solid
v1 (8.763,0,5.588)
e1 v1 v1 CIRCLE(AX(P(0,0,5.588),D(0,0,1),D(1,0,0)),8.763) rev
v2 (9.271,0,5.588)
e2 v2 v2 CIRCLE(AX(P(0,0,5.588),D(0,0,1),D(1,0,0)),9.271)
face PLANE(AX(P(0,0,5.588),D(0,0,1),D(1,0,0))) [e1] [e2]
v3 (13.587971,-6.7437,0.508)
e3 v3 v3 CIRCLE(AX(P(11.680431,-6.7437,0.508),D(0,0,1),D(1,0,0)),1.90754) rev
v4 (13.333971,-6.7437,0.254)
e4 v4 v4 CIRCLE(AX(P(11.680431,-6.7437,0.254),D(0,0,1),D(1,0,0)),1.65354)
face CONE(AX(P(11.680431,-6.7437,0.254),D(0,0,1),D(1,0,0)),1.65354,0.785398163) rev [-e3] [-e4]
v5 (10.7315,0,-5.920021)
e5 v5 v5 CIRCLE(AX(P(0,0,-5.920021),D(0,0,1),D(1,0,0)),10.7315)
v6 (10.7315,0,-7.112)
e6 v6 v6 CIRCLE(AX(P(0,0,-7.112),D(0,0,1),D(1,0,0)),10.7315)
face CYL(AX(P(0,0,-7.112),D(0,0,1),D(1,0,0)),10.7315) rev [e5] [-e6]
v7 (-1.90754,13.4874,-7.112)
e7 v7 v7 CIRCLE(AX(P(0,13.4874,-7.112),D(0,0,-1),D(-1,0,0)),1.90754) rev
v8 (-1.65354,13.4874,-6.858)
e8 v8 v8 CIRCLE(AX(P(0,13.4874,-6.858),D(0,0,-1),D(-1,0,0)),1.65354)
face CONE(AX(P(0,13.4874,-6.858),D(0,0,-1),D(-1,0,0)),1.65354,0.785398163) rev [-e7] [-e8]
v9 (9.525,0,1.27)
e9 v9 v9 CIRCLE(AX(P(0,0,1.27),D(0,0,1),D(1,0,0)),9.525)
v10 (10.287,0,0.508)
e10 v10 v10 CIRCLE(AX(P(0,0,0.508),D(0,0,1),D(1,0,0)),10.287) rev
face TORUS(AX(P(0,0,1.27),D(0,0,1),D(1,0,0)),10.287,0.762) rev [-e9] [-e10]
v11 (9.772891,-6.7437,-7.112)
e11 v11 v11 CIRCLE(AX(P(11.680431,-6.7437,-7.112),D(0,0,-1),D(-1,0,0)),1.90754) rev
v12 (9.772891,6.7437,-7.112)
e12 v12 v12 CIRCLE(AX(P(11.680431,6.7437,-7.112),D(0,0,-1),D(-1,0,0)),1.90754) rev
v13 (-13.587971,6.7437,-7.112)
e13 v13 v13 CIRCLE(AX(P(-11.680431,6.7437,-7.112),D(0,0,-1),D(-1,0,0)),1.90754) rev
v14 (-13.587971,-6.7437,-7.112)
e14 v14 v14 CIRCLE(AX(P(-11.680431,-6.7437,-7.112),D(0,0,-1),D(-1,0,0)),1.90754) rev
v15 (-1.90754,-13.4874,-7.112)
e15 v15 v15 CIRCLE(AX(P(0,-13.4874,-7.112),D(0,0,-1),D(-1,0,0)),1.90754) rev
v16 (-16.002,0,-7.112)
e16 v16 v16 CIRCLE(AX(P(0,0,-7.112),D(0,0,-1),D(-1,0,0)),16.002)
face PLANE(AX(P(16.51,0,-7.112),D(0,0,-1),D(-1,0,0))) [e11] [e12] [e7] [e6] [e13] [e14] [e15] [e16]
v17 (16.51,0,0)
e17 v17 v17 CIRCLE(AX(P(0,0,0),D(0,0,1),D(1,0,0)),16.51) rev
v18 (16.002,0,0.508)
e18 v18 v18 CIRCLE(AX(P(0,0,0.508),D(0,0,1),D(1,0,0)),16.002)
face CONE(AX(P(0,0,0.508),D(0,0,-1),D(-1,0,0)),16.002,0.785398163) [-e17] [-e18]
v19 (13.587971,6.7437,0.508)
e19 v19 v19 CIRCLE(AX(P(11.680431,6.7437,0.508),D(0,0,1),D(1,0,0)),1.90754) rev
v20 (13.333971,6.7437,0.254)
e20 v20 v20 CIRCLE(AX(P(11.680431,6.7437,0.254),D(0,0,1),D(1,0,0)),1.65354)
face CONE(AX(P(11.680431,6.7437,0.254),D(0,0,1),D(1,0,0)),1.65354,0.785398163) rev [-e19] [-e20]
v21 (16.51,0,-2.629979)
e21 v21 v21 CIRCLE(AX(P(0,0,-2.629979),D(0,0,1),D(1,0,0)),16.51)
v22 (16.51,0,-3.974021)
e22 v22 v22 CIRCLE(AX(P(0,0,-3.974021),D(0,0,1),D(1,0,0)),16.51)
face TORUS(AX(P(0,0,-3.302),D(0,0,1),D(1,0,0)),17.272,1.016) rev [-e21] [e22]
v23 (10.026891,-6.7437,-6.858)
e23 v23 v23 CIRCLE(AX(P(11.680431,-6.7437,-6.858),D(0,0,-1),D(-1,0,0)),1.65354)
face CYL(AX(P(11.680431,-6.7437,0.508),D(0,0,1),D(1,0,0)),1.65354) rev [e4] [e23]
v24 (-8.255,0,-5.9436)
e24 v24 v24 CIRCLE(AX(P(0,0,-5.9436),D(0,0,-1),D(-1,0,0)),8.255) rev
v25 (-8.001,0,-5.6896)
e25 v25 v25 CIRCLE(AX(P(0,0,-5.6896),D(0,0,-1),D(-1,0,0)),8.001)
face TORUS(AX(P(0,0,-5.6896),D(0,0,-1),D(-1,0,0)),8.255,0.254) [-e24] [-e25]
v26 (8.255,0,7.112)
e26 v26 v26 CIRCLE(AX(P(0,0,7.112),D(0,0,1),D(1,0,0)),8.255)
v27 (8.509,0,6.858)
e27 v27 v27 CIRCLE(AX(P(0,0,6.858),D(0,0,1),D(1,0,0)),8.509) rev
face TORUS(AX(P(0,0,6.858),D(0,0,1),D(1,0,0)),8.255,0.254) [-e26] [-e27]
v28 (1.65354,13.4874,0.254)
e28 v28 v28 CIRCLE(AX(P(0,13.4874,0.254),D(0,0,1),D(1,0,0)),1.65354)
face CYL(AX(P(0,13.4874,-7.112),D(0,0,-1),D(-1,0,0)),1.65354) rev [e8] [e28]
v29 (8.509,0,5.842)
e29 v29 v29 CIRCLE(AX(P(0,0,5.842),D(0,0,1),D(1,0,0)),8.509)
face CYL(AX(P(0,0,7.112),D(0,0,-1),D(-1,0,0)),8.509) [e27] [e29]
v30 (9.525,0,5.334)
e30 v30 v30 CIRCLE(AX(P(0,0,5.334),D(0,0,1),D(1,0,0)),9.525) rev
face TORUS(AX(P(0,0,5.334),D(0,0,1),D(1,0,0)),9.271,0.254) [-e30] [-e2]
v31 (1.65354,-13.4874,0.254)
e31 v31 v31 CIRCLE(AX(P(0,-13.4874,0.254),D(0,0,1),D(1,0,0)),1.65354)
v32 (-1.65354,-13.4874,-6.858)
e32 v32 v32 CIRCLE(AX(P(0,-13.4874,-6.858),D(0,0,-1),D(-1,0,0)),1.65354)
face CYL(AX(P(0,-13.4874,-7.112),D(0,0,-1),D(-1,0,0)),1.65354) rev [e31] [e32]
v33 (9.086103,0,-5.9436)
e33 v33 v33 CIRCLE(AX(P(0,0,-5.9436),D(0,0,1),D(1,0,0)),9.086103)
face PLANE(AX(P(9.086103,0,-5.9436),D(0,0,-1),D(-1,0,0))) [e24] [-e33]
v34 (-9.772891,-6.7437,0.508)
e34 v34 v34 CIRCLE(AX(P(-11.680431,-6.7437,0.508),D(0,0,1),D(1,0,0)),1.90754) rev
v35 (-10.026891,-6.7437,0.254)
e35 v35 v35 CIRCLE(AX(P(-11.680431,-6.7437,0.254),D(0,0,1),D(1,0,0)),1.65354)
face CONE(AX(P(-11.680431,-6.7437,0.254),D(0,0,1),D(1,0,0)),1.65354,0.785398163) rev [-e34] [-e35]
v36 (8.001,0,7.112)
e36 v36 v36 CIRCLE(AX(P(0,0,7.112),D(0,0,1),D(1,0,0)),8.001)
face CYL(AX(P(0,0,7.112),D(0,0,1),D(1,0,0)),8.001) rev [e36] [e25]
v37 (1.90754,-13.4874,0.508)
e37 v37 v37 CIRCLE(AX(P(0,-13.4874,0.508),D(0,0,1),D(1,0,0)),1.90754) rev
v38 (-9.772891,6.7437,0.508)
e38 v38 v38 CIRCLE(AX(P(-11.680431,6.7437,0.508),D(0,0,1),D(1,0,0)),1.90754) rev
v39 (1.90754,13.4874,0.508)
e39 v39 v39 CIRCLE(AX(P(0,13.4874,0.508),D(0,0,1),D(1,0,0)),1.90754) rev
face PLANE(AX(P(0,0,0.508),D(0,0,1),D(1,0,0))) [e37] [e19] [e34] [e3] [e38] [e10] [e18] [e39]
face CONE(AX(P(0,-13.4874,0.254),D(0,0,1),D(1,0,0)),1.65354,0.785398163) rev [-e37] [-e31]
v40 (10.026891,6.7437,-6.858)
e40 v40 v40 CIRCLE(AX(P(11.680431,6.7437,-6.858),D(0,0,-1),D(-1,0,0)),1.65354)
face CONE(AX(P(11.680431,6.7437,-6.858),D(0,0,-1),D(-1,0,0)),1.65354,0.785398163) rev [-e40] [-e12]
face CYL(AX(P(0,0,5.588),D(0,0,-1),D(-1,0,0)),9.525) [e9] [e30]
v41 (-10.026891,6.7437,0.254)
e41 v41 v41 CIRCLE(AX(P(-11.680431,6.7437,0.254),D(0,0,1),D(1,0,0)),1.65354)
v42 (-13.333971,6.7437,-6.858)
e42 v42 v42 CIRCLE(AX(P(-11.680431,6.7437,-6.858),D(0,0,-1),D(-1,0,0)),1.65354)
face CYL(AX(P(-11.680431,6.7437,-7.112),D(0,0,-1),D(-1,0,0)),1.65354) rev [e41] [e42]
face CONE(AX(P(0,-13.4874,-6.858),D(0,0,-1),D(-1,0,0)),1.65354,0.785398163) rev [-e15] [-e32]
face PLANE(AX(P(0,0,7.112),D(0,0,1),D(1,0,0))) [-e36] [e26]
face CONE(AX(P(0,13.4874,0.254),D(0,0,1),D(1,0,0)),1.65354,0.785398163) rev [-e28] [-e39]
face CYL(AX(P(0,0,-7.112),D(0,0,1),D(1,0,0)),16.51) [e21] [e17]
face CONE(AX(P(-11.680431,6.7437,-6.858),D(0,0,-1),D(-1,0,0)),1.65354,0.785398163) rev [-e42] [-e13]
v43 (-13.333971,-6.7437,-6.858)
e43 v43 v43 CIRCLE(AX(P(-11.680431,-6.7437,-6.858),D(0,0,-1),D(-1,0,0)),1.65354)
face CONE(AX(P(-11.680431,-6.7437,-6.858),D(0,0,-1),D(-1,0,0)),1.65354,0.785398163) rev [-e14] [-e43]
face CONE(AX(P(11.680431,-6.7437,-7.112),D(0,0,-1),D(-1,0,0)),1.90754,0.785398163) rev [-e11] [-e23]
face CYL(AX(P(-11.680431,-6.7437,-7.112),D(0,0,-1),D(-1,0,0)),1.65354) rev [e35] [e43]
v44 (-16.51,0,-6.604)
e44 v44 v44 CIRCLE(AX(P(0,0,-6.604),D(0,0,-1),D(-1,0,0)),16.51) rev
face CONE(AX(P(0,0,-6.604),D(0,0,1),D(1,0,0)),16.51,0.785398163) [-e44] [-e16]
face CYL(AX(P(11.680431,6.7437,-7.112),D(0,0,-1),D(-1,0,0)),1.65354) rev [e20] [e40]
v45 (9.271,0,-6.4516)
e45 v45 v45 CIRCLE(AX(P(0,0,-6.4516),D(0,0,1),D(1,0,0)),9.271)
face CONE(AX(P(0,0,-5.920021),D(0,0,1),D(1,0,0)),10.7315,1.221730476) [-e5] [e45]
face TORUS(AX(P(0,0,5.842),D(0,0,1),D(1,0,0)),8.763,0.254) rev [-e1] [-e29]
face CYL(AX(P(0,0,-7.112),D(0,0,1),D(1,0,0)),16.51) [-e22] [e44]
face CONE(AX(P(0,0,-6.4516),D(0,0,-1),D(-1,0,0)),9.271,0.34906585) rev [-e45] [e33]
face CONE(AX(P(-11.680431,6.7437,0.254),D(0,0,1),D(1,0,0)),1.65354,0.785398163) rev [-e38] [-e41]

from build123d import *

# Parameters (mm, degrees)
SKETCH2_R                 = 9.525
BOSS_EXTRUDE1_DEPTH       = 5.08
SKETCH3_R                 = 8.509
BOSS_EXTRUDE2_DEPTH       = 1.524
HOLE1_D                   = 16.002
HOLE1_DEPTH               = 14.224
F_4_CLEARANCE_HOLE1_D     = 3.30708
F_4_CLEARANCE_HOLE2_D     = 3.30708
F_4_CLEARANCE_HOLE2_DEPTH = 14.224
CHAMFER1_SIZE             = 0.254
CHAMFER2_SIZE             = 0.508
FILLET1_R                 = 0.254
FILLET2_R                 = 0.762


with BuildPart() as part:
    # Sketch1 → Revolve1 (revolve)
    with BuildSketch(Plane(origin=(0, 0, 0), x_dir=(1, 0, 0), z_dir=(0, 1, 0))):
        with BuildLine():
            Line((9.086103121, 5.9436), (0, 5.9436))
            Line((0, 5.9436), (0, -0.508))
            Line((0, -0.508), (16.51, -0.508))
            Line((16.51, -0.508), (16.51, 2.629979167))
            ThreePointArc((16.51, 2.629979167), (16.256, 3.302), (16.51, 3.974020833))
            Line((16.51, 3.974020833), (16.51, 7.112))
            Line((16.51, 7.112), (10.7315, 7.112))
            Line((10.7315, 7.112), (10.7315, 5.920021473))
            Line((10.7315, 5.920021473), (9.271, 6.4516))
            Line((9.271, 6.4516), (9.086103121, 5.9436))
        make_face()
    revolve(axis=Axis((0, 0, -7.112), (0, 0, 1)))

    # Sketch2 → Boss-Extrude1 (add)
    with BuildSketch(Plane.XY.offset(0.508)):
        Circle(SKETCH2_R)
    extrude(amount=BOSS_EXTRUDE1_DEPTH)

    # Sketch3 → Boss-Extrude2 (add)
    with BuildSketch(Plane.XY.offset(5.588)):
        Circle(SKETCH3_R)
    extrude(amount=BOSS_EXTRUDE2_DEPTH)

    # Hole1
    with Locations(Plane.XY.offset(7.112)):
        with Locations((0, 0)):
            Hole(HOLE1_D / 2, depth=HOLE1_DEPTH)

    # #4 Clearance Hole1 (through all)
    with Locations(Plane.XY.offset(0.508)):
        with Locations((11.680431031, -6.7437)):
            Hole(F_4_CLEARANCE_HOLE1_D / 2)

    # #4 Clearance Hole2
    with Locations(Plane(origin=(0, 0, -7.112), x_dir=(-1, 0, 0), z_dir=(0, 0, -1))):
        with Locations((0, 13.4874), (11.680431031, 6.7437), (11.680431031, -6.7437), (0, -13.4874), (-11.680431031, 6.7437)):
            Hole(F_4_CLEARANCE_HOLE2_D / 2, depth=F_4_CLEARANCE_HOLE2_DEPTH)

    # Chamfer1
    chamfer1_edges = [part.edges().sort_by_distance(p)[0] for p in [
        (13.333971031, -6.7437, 0.508),
        (13.333971031, -6.7437, -7.112),
        (10.026891031, 6.7437, 0.508),
        (10.026891031, 6.7437, -7.112),
        (-1.65354, -13.4874, 0.508),
        (-1.65354, -13.4874, -7.112),
        (-13.333971031, -6.7437, 0.508),
        (-13.333971031, -6.7437, -7.112),
        (-13.333971031, 6.7437, 0.508),
        (-13.333971031, 6.7437, -7.112),
        (-1.65354, 13.4874, 0.508),
        (-1.65354, 13.4874, -7.112),
    ]]
    chamfer(chamfer1_edges, length=CHAMFER1_SIZE)

    # Chamfer2
    chamfer2_edges = [part.edges().sort_by_distance(p)[0] for p in [
        (-16.51, 0, 0.508),
        (-16.51, 0, -7.112),
    ]]
    chamfer(chamfer2_edges, length=CHAMFER2_SIZE)

    # Fillet1
    fillet1_edges = [part.edges().sort_by_distance(p)[0] for p in [
        (-9.525, 0, 5.588),
        (-8.509, 0, 5.588),
        (-8.509, 0, 7.112),
        (8.001, 0, -5.9436),
    ]]
    fillet(fillet1_edges, radius=FILLET1_R)

    # Fillet2
    fillet2_edges = [part.edges().sort_by_distance(p)[0] for p in [
        (-9.525, 0, 0.508),
    ]]
    fillet(fillet2_edges, radius=FILLET2_R)


solid = part.part
